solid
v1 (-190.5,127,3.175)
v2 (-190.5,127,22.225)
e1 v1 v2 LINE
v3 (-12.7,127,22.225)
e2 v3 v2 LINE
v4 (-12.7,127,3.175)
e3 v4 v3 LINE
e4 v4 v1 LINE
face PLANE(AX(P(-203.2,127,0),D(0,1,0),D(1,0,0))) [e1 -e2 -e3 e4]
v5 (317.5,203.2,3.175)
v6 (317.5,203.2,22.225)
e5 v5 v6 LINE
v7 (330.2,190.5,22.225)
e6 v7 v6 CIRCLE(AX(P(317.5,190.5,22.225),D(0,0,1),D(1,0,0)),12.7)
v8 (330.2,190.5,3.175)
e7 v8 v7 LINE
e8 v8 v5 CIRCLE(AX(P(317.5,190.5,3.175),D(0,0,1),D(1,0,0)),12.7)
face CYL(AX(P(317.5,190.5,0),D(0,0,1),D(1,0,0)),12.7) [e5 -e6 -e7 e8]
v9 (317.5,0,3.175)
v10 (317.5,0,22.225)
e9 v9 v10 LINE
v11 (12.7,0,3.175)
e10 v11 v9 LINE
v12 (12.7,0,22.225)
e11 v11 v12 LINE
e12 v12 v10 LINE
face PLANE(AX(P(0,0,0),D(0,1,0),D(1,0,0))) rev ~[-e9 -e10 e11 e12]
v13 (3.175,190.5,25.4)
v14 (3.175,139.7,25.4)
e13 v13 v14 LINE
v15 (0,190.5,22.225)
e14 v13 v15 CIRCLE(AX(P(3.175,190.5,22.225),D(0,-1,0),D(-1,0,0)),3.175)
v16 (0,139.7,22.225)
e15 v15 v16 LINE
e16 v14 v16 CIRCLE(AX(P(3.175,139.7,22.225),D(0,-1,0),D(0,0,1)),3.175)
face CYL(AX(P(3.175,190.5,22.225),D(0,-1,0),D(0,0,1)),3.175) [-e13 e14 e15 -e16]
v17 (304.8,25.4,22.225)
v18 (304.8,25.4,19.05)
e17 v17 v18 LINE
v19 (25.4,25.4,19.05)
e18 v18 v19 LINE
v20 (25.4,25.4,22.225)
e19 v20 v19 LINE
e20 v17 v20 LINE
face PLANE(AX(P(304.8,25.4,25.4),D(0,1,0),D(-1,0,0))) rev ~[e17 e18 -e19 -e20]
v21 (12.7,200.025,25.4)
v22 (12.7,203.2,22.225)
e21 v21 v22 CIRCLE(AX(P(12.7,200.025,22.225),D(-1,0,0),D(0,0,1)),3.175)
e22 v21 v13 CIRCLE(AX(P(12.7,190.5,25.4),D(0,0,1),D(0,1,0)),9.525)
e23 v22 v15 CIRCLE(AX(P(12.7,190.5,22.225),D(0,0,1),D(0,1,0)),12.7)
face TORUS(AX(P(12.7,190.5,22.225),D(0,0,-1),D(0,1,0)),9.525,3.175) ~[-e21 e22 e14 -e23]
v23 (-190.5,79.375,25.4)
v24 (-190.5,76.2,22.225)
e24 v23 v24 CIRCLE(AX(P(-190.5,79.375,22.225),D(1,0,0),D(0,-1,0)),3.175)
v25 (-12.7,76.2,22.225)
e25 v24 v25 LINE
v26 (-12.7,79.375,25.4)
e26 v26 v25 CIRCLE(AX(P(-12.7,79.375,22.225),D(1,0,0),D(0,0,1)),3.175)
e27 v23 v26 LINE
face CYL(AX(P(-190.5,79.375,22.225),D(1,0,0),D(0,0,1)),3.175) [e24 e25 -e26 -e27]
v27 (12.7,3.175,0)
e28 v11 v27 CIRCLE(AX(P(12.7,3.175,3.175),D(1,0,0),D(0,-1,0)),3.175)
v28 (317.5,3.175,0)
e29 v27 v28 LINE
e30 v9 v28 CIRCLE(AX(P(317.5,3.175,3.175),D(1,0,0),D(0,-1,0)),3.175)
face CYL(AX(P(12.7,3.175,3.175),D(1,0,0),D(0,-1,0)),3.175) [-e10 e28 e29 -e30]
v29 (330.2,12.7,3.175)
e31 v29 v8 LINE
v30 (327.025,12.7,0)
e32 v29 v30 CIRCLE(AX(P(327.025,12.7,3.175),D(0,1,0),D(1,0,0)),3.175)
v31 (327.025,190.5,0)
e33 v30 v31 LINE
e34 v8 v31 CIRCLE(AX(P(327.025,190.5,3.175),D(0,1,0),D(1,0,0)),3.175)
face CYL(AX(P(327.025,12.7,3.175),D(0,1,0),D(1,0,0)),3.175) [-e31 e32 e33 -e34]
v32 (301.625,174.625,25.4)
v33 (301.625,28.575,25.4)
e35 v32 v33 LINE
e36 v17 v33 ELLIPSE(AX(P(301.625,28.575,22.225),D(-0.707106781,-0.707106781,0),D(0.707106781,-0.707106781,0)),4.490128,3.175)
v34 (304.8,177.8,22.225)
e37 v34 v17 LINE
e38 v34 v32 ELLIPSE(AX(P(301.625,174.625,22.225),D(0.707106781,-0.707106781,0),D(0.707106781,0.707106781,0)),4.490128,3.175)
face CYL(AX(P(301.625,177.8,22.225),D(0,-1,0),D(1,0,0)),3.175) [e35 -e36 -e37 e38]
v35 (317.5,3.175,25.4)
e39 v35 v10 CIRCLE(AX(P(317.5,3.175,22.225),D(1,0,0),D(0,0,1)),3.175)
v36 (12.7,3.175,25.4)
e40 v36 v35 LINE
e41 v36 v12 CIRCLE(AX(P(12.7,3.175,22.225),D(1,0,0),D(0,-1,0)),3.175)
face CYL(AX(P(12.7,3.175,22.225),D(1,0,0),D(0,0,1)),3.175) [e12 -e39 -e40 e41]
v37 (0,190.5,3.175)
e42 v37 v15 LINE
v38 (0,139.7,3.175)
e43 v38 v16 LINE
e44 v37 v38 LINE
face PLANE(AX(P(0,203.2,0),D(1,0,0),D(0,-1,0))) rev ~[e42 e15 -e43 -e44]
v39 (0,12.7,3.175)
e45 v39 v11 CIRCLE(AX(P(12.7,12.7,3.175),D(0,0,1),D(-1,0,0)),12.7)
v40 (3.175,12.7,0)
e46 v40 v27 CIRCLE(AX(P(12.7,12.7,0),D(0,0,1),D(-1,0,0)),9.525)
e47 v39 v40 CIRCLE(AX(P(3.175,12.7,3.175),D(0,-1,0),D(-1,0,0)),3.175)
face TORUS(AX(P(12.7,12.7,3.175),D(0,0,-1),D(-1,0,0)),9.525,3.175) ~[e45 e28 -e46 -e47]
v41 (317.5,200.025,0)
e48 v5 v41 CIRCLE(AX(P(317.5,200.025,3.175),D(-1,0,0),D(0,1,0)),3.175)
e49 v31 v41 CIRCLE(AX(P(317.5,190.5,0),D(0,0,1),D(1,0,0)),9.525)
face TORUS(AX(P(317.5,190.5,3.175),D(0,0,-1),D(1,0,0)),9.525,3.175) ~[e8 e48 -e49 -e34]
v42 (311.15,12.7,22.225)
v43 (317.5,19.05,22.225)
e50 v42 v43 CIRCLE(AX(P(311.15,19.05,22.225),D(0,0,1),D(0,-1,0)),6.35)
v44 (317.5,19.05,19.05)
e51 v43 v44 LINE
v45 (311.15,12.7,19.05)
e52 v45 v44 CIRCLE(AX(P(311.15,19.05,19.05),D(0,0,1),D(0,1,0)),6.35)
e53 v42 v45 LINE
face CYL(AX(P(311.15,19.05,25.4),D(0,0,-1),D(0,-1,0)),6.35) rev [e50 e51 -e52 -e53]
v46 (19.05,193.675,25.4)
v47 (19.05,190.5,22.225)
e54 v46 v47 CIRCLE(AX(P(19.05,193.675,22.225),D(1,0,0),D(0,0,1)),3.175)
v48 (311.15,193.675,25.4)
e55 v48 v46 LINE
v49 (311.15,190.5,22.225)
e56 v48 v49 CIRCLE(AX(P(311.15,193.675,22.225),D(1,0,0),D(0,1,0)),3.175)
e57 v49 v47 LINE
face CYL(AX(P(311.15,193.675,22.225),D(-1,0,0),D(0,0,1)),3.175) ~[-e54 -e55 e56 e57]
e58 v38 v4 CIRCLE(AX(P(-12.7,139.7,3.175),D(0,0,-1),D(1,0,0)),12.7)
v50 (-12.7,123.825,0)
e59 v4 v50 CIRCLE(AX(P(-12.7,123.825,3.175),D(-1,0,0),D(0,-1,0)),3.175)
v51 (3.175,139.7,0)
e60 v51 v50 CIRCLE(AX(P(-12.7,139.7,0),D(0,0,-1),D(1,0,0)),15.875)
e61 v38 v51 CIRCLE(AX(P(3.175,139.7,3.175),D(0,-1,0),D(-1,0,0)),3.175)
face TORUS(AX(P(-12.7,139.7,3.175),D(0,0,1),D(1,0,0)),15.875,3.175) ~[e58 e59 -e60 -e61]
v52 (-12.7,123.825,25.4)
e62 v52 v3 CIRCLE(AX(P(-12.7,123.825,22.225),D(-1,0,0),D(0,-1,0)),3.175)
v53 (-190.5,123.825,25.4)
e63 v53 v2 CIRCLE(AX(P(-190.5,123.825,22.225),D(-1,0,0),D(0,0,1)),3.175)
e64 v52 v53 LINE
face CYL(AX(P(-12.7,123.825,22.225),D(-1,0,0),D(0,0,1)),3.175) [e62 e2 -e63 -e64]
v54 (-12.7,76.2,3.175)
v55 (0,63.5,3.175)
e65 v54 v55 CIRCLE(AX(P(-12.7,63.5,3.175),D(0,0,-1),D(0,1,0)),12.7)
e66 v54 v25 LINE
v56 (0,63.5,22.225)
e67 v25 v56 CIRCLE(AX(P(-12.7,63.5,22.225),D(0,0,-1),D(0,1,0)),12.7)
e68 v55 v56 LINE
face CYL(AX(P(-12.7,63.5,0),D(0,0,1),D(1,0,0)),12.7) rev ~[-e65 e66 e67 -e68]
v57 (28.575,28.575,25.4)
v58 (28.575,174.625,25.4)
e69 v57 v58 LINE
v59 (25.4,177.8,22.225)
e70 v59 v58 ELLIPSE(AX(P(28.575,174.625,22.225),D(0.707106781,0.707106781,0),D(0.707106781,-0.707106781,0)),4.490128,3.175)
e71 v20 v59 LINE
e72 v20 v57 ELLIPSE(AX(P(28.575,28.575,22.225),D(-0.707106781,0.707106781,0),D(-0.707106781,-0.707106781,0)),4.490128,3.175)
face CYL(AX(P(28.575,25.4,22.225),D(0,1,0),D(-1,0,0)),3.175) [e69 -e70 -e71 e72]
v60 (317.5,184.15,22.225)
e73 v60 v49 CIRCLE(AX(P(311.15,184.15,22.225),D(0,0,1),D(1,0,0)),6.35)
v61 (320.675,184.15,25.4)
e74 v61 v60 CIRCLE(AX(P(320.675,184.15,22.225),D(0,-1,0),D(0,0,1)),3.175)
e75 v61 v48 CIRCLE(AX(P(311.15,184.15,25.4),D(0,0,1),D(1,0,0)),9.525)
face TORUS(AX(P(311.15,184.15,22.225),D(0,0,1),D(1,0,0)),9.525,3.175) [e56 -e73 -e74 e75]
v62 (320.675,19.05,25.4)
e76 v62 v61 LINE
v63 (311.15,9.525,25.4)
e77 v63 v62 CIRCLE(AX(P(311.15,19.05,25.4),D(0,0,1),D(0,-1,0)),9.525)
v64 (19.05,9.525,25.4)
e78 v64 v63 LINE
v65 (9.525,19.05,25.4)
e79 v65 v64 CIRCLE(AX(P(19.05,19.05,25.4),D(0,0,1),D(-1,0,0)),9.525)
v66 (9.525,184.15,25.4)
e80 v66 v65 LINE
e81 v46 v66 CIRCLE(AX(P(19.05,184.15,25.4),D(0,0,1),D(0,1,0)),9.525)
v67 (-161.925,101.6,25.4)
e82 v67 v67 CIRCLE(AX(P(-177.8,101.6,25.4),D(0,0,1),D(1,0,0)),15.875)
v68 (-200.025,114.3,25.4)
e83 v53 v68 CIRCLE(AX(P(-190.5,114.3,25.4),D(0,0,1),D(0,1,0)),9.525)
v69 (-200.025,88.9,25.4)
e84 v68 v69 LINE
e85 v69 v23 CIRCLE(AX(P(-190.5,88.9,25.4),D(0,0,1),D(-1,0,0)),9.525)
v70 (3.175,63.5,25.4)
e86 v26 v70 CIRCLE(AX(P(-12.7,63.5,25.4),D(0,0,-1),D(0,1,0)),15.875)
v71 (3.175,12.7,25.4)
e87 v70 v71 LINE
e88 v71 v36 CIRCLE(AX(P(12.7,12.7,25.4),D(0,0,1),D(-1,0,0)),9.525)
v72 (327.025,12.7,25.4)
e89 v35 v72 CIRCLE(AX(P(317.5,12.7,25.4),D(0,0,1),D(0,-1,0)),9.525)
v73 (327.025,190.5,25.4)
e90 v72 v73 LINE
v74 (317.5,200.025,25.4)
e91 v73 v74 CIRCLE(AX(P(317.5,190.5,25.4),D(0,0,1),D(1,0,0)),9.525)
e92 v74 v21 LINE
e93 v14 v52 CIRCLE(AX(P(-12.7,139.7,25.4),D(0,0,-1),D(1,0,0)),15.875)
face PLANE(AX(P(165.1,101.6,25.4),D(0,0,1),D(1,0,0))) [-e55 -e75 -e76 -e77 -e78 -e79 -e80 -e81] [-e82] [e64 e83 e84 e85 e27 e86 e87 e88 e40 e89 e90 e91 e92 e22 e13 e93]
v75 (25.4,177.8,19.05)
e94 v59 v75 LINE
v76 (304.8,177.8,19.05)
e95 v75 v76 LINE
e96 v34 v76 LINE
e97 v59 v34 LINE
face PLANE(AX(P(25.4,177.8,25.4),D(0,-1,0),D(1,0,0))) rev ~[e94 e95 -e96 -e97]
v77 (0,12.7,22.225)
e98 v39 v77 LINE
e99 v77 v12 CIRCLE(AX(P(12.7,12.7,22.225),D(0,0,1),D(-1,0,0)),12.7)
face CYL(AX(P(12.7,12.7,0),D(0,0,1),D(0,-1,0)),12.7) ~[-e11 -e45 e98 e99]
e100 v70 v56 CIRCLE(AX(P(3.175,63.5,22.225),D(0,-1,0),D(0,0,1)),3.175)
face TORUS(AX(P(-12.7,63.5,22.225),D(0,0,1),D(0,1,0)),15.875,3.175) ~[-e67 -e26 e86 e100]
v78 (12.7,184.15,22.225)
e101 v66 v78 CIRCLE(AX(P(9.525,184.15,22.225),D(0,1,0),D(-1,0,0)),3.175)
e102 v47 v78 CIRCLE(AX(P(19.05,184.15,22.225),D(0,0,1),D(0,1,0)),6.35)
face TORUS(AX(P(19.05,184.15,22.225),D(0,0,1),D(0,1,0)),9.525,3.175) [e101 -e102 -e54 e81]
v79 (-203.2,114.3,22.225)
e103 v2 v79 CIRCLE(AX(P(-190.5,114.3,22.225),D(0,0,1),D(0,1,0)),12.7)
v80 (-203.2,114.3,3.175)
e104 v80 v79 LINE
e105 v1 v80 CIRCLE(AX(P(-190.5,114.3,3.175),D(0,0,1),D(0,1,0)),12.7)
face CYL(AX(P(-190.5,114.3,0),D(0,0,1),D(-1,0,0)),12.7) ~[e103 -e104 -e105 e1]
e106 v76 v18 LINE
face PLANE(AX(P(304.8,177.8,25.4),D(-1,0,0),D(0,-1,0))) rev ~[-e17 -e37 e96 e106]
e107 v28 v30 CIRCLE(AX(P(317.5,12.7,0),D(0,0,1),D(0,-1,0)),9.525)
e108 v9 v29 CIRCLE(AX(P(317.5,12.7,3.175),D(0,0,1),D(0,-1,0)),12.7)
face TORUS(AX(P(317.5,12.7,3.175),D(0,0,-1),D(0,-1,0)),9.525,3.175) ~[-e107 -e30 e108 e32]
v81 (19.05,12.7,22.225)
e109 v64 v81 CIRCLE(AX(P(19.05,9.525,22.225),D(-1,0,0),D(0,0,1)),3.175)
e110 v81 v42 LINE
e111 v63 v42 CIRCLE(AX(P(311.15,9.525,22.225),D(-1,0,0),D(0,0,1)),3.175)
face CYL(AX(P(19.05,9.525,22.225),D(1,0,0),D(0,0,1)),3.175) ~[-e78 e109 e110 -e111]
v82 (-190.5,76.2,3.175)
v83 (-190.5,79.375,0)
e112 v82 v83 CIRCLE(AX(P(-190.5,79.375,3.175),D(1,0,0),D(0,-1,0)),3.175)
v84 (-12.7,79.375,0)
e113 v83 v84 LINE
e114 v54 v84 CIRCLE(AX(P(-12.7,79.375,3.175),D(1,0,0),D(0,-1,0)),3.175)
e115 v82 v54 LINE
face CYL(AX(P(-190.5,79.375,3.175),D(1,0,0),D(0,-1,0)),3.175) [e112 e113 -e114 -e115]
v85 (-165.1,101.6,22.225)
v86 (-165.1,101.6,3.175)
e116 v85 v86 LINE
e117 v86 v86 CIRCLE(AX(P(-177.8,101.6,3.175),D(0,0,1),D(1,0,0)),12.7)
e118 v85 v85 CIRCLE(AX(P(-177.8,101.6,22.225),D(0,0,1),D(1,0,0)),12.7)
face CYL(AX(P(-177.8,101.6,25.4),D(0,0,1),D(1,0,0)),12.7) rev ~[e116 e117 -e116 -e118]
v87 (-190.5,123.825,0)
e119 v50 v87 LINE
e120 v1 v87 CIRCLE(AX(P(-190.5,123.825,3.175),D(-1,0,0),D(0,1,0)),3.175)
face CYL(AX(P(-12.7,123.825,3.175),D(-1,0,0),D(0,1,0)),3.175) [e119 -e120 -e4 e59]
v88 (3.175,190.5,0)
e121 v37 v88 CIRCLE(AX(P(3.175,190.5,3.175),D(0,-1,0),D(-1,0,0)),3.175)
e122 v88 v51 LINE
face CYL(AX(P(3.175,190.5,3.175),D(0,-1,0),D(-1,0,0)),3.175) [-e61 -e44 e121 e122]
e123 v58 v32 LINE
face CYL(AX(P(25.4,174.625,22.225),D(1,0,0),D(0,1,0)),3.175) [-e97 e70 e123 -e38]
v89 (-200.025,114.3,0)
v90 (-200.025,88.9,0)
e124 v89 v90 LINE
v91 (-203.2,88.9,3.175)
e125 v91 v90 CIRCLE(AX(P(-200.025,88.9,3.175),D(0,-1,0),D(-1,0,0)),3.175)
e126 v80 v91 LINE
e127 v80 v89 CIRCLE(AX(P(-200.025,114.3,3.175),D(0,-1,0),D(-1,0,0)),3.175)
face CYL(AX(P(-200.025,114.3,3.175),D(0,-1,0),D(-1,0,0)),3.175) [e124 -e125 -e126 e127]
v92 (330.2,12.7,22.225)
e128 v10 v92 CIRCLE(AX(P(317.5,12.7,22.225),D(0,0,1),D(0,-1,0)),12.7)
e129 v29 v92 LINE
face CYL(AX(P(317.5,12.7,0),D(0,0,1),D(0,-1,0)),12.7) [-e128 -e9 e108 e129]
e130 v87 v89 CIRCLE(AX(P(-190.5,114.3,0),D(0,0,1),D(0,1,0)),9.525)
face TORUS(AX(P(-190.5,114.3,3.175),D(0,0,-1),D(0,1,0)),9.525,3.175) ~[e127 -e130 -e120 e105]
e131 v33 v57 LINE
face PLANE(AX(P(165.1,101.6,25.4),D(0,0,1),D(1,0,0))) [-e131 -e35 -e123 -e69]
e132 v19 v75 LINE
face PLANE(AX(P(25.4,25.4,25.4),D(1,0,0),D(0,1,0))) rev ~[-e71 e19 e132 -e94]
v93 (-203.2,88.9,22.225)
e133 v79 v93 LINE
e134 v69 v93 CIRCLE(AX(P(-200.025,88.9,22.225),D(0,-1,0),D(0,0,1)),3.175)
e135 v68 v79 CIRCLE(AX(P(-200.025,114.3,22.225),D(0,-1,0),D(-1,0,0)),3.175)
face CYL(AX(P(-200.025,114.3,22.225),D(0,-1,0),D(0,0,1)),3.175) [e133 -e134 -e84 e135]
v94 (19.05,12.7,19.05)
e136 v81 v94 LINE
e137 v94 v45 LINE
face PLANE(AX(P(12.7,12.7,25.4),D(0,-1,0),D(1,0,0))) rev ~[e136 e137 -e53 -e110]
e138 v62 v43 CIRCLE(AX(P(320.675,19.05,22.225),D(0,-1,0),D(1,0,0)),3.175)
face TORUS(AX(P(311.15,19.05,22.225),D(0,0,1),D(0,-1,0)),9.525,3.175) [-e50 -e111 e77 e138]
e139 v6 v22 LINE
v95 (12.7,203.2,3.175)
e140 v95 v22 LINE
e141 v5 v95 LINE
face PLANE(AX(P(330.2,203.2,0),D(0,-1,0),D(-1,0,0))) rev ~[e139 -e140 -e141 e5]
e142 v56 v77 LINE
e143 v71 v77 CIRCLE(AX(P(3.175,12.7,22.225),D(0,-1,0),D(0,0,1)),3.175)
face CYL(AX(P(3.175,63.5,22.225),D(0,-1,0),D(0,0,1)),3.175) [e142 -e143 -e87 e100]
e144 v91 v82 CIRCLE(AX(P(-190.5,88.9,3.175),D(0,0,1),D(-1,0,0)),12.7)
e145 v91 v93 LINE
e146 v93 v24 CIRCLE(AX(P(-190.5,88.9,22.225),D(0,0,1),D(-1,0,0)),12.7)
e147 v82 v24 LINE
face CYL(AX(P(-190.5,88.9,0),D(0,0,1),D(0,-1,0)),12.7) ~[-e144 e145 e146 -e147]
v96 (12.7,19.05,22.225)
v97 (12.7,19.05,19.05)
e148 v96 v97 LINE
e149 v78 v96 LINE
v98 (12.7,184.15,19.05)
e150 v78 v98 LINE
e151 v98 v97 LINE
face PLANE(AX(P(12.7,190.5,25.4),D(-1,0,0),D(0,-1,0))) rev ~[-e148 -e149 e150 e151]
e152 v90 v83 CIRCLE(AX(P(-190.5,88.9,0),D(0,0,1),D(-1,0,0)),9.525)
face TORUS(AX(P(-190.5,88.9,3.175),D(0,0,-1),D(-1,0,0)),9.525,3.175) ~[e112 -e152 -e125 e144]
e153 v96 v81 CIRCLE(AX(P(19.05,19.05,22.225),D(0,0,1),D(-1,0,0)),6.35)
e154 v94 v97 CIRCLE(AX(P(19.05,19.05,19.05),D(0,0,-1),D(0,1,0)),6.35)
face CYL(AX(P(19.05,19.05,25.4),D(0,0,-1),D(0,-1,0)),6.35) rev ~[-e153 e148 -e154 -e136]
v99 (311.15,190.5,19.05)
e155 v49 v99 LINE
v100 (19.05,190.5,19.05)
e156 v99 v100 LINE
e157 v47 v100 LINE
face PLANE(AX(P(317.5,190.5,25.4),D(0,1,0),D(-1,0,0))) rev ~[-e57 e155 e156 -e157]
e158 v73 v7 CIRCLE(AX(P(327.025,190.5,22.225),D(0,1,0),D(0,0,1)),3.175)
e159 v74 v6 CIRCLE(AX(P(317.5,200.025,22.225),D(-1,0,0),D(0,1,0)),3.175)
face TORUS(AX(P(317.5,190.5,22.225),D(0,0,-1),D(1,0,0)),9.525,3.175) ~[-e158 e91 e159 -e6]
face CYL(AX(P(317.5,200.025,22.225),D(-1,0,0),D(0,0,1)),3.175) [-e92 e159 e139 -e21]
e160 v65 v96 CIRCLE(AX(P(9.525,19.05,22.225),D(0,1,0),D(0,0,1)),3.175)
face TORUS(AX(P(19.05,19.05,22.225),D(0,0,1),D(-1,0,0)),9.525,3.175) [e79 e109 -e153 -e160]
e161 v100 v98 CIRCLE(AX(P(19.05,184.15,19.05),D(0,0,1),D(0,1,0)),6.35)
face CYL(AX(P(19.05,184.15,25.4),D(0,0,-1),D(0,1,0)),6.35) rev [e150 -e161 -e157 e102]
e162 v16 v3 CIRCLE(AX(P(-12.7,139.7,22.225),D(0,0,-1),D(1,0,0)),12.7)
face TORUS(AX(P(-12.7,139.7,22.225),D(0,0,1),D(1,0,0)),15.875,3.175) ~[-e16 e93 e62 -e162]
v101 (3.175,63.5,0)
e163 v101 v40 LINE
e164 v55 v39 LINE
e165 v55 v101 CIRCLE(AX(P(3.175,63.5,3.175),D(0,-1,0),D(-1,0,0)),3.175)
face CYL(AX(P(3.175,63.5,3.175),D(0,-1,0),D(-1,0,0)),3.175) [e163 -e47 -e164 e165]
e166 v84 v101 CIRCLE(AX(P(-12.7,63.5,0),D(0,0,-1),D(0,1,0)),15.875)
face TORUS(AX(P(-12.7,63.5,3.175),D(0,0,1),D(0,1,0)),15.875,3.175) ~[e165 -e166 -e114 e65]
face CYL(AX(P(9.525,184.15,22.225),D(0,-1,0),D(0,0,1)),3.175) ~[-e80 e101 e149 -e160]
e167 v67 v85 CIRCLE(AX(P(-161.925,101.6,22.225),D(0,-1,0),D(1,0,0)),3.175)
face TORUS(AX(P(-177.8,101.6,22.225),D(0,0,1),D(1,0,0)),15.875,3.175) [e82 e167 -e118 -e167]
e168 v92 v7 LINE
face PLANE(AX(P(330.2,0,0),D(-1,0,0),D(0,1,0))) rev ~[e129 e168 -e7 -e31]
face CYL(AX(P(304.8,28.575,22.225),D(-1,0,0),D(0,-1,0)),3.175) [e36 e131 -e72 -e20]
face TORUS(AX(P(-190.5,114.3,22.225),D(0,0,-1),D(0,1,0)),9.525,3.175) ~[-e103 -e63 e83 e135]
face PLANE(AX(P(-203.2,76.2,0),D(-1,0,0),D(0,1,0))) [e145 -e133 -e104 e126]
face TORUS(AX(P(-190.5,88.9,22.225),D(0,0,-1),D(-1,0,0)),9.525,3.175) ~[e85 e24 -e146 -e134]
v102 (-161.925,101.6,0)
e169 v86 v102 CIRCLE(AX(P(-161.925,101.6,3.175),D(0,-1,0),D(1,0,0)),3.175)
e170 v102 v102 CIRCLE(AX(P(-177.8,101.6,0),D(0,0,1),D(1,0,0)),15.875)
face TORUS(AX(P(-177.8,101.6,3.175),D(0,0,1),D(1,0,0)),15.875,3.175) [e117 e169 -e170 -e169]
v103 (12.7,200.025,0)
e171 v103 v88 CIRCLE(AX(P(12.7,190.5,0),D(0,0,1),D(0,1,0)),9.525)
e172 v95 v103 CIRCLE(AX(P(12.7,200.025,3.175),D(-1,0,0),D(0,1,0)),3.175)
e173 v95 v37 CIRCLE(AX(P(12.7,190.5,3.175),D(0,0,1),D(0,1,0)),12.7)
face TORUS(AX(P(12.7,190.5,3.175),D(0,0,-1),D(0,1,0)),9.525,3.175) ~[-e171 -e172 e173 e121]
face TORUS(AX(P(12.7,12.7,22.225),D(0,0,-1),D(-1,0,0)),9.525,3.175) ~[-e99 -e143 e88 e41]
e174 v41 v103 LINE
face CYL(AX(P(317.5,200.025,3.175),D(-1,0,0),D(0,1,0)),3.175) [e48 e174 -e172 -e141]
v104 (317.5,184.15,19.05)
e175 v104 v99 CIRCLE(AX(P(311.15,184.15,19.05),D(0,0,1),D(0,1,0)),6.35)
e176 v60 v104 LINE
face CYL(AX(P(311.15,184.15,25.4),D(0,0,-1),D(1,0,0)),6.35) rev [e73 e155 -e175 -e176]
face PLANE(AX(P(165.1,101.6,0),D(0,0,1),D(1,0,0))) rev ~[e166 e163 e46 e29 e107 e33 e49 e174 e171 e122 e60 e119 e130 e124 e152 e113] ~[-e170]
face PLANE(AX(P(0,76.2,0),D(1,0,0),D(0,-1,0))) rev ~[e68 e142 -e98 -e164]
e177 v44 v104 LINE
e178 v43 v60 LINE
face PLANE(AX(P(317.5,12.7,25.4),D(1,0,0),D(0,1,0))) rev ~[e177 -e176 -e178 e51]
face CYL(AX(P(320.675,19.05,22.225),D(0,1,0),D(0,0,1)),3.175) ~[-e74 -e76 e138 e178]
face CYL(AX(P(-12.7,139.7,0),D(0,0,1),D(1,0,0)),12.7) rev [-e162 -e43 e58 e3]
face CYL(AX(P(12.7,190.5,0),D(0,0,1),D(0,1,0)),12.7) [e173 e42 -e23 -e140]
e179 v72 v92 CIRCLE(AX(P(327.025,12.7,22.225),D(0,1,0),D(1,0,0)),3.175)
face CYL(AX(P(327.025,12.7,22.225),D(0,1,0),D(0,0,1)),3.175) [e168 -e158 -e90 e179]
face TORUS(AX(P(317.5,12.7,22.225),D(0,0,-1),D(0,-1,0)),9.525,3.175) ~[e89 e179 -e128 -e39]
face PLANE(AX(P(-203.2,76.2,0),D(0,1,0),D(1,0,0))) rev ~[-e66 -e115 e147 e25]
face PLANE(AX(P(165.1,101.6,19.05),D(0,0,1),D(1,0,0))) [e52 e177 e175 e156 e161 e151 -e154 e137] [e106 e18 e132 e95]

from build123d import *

# Parameters (mm, degrees)
F0_W     = 203.2
F0_H     = 50.8
F1_DEPTH = 25.4
F2_R     = 12.7
F3_DEPTH = 25.4
F5_DEPTH = 6.35
F6_R     = 6.35
F7_R     = 12.7
F8_R     = 3.175


with BuildPart() as f1:
    # F0 (on Top) → F1 (new body)
    with BuildSketch(Plane.XY):
        Polygon((0, 76.2), (0, 0), (330.2, 0), (330.2, 203.2), (0, 203.2), (0, 127), align=None)
        with Locations((-101.6, 101.6)):
            Rectangle(F0_W, F0_H)
    extrude(amount=F1_DEPTH)

    # F2 (on face) → F3 (cut)
    with BuildSketch(Plane.XY.offset(25.4)):
        with Locations((-177.8, 101.6)):
            Circle(F2_R)
    extrude(amount=-F3_DEPTH, mode=Mode.SUBTRACT)

    # F4 (on face) → F5 (cut)
    with BuildSketch(Plane.XY.offset(25.4)):
        Polygon((12.7, 76.2), (12.7, 12.7), (317.5, 12.7), (317.5, 190.5), (12.7, 190.5), (12.7, 127), align=None)
        Polygon((25.4, 76.2), (25.4, 127), (25.4, 177.8), (304.8, 177.8), (304.8, 25.4), (25.4, 25.4), align=None, mode=Mode.SUBTRACT)
    extrude(amount=-F5_DEPTH, mode=Mode.SUBTRACT)

    # F6
    f6_edges = [f1.edges().sort_by_distance(p)[0] for p in [
        (12.7, 190.5, 22.225),
        (317.5, 190.5, 22.225),
        (317.5, 12.7, 22.225),
        (12.7, 12.7, 22.225),
    ]]
    fillet(f6_edges, radius=F6_R)

    # F7
    f7_edges = [f1.edges().sort_by_distance(p)[0] for p in [
        (0, 203.2, 12.7),
        (0, 127, 12.7),
        (-203.2, 127, 12.7),
        (-203.2, 76.2, 12.7),
        (0, 76.2, 12.7),
        (0, 0, 12.7),
        (330.2, 203.2, 12.7),
        (330.2, 0, 12.7),
    ]]
    fillet(f7_edges, radius=F7_R)

    # F8
    f8_edges = [f1.edges().sort_by_distance(p)[0] for p in [
        (165.1, 177.8, 25.4),
        (304.8, 101.6, 25.4),
        (165.1, 25.4, 25.4),
        (25.4, 101.6, 25.4),
        (0, 38.1, 25.4),
        (-3.719744, 72.480256, 25.4),
        (3.719744, 3.719744, 25.4),
        (-101.6, 76.2, 25.4),
        (165.1, 0, 25.4),
        (-199.480256, 79.919744, 25.4),
        (326.480256, 3.719744, 25.4),
        (-203.2, 101.6, 25.4),
        (330.2, 101.6, 25.4),
        (-199.480256, 123.280256, 25.4),
        (326.480256, 199.480256, 25.4),
        (-101.6, 127, 25.4),
        (165.1, 203.2, 25.4),
        (-3.719744, 130.719744, 25.4),
        (3.719744, 199.480256, 25.4),
        (0, 165.1, 25.4),
        (165.1, 12.7, 25.4),
        (14.559872, 14.559872, 25.4),
        (315.640128, 14.559872, 25.4),
        (12.7, 101.6, 25.4),
        (317.5, 101.6, 25.4),
        (14.559872, 188.640128, 25.4),
        (315.640128, 188.640128, 25.4),
        (165.1, 190.5, 25.4),
        (-190.5, 101.6, 25.4),
        (0, 38.1, 0),
        (-3.719744, 72.480256, 0),
        (3.719744, 3.719744, 0),
        (-101.6, 76.2, 0),
        (165.1, 0, 0),
        (-199.480256, 79.919744, 0),
        (326.480256, 3.719744, 0),
        (-203.2, 101.6, 0),
        (330.2, 101.6, 0),
        (-199.480256, 123.280256, 0),
        (326.480256, 199.480256, 0),
        (-101.6, 127, 0),
        (165.1, 203.2, 0),
        (-3.719744, 130.719744, 0),
        (3.719744, 199.480256, 0),
        (0, 165.1, 0),
        (-190.5, 101.6, 0),
    ]]
    fillet(f8_edges, radius=F8_R)


solid = f1.part
